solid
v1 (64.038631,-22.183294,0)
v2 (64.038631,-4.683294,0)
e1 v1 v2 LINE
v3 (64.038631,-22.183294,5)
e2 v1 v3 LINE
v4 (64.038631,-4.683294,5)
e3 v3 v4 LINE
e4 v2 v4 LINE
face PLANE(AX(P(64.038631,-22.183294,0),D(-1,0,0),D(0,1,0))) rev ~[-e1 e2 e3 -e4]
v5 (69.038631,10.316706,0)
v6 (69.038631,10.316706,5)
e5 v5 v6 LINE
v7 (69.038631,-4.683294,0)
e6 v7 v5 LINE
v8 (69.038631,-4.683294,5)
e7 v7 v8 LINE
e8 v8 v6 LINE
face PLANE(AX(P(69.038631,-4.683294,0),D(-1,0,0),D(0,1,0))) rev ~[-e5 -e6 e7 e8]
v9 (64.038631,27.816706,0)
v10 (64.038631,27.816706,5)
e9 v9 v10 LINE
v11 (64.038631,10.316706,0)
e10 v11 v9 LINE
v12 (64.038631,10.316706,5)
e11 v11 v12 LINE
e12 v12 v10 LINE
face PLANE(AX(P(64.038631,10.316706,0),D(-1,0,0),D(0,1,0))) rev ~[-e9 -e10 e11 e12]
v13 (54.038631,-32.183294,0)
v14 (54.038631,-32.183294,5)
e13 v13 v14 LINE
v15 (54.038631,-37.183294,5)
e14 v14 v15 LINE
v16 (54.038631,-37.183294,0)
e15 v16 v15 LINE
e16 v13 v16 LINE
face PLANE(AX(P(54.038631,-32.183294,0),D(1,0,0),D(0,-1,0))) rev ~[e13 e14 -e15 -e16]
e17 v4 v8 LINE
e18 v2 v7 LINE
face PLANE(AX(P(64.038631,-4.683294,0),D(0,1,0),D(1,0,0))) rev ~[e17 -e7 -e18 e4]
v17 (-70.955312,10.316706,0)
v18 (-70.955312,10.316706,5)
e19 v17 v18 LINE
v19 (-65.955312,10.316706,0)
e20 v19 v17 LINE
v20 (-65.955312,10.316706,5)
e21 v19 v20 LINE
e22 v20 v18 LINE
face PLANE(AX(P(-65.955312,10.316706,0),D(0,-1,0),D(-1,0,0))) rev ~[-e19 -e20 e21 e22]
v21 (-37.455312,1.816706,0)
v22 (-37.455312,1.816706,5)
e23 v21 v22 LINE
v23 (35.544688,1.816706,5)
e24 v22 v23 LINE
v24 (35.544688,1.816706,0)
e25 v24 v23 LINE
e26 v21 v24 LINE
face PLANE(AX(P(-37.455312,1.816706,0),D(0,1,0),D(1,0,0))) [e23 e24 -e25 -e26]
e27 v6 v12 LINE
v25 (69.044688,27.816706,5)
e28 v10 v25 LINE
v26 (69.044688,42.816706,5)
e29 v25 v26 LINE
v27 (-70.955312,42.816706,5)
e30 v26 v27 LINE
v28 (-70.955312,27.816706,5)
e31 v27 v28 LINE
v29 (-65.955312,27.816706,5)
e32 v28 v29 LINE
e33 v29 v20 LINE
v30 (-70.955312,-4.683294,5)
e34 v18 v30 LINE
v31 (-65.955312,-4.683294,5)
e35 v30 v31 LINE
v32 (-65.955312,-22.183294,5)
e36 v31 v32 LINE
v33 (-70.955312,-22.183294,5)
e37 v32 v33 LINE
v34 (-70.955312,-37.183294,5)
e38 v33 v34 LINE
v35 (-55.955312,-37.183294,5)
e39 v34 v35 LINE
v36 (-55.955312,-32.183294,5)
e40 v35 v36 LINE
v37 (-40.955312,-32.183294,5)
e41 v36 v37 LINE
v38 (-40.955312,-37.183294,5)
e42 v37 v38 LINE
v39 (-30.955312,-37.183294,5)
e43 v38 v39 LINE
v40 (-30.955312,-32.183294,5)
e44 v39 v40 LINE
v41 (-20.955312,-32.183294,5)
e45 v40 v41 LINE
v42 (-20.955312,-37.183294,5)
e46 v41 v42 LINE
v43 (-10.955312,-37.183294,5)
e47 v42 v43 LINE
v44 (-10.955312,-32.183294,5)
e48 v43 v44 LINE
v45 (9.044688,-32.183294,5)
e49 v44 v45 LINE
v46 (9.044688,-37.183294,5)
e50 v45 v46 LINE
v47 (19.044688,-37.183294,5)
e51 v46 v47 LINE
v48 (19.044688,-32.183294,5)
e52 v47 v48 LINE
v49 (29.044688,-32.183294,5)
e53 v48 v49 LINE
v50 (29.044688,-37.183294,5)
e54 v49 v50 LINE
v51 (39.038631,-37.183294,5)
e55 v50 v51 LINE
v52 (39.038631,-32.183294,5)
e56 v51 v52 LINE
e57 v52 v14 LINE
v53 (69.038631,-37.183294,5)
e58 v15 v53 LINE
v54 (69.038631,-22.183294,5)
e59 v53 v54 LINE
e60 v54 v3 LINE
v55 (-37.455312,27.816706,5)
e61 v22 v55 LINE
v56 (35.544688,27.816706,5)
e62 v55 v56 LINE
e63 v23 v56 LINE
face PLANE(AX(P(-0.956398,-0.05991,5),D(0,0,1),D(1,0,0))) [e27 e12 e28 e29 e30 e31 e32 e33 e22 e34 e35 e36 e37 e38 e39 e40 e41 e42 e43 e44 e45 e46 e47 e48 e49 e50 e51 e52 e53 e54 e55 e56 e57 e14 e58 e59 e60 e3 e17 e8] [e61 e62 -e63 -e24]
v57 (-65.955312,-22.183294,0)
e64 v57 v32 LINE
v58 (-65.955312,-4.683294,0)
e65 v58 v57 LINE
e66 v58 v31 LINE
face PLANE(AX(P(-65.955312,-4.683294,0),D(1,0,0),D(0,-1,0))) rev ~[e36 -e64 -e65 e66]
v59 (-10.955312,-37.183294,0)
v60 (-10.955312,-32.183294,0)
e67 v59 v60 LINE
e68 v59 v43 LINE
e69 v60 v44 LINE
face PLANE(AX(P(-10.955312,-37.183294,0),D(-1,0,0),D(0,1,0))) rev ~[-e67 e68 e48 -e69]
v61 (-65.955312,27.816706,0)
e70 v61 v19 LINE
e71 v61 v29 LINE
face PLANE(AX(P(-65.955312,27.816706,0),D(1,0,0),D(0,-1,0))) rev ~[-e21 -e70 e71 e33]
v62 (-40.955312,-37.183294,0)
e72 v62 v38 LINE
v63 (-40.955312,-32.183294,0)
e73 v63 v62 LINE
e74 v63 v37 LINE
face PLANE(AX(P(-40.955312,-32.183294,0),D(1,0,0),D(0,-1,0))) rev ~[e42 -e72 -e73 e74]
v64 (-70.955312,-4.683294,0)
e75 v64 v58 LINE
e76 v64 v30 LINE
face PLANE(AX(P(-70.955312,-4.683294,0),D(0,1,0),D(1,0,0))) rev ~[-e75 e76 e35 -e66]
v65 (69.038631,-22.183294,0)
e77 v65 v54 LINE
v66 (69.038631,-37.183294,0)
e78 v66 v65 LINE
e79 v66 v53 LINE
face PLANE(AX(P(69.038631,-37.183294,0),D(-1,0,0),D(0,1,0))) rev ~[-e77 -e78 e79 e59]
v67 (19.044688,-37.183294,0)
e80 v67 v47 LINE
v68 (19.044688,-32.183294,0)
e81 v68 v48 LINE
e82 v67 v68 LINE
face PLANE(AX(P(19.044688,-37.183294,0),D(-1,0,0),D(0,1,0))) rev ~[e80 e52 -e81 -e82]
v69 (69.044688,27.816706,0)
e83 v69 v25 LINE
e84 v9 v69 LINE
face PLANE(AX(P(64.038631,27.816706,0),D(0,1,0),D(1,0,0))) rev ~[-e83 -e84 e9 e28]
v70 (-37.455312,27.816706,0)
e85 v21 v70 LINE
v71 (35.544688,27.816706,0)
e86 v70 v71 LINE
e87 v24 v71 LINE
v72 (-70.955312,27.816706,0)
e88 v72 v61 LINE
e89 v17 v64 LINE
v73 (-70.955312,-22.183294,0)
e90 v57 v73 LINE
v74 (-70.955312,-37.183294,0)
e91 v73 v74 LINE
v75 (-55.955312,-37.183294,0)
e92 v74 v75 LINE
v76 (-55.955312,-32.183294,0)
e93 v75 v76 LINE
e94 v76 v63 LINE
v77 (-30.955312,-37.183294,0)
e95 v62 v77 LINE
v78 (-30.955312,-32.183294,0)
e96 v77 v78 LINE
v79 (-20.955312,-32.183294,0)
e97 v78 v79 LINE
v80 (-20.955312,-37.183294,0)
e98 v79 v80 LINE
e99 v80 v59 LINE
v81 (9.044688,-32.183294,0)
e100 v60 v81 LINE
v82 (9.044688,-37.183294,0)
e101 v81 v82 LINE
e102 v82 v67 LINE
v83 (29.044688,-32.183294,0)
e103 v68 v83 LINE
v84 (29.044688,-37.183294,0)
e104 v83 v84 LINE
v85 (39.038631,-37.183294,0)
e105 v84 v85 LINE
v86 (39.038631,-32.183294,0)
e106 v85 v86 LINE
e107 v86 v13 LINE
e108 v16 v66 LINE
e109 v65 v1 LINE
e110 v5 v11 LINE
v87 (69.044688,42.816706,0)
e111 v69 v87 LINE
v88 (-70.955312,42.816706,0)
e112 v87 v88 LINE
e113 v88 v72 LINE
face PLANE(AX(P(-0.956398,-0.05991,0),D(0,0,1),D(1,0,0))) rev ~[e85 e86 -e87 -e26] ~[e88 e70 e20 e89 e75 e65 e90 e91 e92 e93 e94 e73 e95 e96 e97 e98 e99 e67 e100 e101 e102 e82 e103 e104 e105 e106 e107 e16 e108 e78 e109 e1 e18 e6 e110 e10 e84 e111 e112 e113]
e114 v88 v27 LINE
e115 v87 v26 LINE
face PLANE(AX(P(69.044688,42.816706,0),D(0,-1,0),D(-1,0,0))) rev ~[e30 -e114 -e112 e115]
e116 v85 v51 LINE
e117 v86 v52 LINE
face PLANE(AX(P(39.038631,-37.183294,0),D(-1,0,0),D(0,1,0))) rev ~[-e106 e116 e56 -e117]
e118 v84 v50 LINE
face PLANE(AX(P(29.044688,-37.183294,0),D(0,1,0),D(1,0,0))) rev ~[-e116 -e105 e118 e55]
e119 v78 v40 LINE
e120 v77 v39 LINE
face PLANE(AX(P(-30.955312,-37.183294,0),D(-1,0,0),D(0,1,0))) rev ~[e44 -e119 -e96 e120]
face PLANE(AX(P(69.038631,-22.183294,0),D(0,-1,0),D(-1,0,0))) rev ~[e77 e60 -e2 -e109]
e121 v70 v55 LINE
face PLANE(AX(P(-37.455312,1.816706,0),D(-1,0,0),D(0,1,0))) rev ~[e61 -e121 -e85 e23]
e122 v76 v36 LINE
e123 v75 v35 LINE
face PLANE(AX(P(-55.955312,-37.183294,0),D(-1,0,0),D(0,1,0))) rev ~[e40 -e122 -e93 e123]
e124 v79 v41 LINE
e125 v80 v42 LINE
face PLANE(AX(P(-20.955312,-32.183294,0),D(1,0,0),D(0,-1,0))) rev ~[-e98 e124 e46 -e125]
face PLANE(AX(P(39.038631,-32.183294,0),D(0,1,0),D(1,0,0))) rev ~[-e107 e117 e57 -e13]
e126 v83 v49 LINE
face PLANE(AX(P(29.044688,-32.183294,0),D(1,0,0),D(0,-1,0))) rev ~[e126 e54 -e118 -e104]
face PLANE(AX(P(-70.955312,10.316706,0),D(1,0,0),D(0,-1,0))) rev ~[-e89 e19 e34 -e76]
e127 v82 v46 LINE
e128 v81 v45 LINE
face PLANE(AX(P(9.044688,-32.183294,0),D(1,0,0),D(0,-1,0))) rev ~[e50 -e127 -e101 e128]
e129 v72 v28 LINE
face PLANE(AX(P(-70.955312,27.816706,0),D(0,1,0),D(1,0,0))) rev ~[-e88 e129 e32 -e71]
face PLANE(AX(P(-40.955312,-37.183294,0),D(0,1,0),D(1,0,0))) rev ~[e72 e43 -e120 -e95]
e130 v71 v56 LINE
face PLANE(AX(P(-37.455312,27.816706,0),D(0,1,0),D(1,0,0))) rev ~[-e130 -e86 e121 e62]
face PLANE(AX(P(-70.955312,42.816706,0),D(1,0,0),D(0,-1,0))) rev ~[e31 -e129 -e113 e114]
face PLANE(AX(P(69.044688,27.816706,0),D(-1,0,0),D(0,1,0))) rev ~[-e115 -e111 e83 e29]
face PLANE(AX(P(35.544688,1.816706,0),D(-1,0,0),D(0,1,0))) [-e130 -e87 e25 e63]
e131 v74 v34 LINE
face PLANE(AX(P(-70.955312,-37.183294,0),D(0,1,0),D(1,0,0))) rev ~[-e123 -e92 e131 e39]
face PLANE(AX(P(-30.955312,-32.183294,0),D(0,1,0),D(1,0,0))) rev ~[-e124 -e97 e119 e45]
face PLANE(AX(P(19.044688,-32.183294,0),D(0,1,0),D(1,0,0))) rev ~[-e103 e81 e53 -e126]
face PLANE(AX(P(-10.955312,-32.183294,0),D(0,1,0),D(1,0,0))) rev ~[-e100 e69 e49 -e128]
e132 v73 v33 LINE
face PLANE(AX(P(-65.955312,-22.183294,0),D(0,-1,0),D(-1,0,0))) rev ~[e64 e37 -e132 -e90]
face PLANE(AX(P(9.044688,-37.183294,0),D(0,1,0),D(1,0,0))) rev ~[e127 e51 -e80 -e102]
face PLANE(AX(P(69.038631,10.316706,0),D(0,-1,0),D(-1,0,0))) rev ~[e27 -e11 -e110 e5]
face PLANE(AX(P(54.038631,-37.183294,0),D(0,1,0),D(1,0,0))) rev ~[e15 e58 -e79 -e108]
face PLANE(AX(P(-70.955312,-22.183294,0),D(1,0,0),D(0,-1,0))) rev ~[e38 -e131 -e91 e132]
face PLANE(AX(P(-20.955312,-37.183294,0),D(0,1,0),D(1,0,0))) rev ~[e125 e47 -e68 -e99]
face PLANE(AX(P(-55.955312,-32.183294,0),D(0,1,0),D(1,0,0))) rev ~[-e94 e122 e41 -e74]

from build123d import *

# Parameters (mm, degrees)
SKETCH1_W           = 73
SKETCH1_H           = 26
BOSS_EXTRUDE1_DEPTH = 5


with BuildPart() as part:
    # Sketch1 → Boss-Extrude1 (new body)
    with BuildSketch(Plane.XY):
        Polygon((64.038630962, -4.683293815), (69.038630962, -4.683293815), (69.038630962, 10.316706185), (64.038630962, 10.316706185), (64.038630962, 27.816706185), (69.044687612, 27.816706185), (69.044687612, 42.816706185), (-70.955312388, 42.816706185), (-70.955312388, 27.816706185), (-65.955312388, 27.816706185), (-65.955312388, 10.316706185), (-70.955312388, 10.316706185), (-70.955312388, -4.683293815), (-65.955312388, -4.683293815), (-65.955312388, -22.183293815), (-70.955312388, -22.183293815), (-70.955312388, -37.183293815), (-55.955312388, -37.183293815), (-55.955312388, -32.183293815), (-40.955312388, -32.183293815), (-40.955312388, -37.183293815), (-30.955312388, -37.183293815), (-30.955312388, -32.183293815), (-20.955312388, -32.183293815), (-20.955312388, -37.183293815), (-10.955312388, -37.183293815), (-10.955312388, -32.183293815), (-0.955312388, -32.183293815), (9.044687612, -32.183293815), (9.044687612, -37.183293815), (19.044687612, -37.183293815), (19.044687612, -32.183293815), (29.044687612, -32.183293815), (29.044687612, -37.183293815), (39.038630962, -37.183293815), (39.038630962, -32.183293815), (39.044687612, -32.183293815), (54.038630962, -32.183293815), (54.038630962, -37.183293815), (69.038630962, -37.183293815), (69.038630962, -22.183293815), (64.038630962, -22.183293815), align=None)
        with Locations((-0.955312388, 14.816706185)):
            Rectangle(SKETCH1_W, SKETCH1_H, mode=Mode.SUBTRACT)
    extrude(amount=BOSS_EXTRUDE1_DEPTH)


solid = part.part
